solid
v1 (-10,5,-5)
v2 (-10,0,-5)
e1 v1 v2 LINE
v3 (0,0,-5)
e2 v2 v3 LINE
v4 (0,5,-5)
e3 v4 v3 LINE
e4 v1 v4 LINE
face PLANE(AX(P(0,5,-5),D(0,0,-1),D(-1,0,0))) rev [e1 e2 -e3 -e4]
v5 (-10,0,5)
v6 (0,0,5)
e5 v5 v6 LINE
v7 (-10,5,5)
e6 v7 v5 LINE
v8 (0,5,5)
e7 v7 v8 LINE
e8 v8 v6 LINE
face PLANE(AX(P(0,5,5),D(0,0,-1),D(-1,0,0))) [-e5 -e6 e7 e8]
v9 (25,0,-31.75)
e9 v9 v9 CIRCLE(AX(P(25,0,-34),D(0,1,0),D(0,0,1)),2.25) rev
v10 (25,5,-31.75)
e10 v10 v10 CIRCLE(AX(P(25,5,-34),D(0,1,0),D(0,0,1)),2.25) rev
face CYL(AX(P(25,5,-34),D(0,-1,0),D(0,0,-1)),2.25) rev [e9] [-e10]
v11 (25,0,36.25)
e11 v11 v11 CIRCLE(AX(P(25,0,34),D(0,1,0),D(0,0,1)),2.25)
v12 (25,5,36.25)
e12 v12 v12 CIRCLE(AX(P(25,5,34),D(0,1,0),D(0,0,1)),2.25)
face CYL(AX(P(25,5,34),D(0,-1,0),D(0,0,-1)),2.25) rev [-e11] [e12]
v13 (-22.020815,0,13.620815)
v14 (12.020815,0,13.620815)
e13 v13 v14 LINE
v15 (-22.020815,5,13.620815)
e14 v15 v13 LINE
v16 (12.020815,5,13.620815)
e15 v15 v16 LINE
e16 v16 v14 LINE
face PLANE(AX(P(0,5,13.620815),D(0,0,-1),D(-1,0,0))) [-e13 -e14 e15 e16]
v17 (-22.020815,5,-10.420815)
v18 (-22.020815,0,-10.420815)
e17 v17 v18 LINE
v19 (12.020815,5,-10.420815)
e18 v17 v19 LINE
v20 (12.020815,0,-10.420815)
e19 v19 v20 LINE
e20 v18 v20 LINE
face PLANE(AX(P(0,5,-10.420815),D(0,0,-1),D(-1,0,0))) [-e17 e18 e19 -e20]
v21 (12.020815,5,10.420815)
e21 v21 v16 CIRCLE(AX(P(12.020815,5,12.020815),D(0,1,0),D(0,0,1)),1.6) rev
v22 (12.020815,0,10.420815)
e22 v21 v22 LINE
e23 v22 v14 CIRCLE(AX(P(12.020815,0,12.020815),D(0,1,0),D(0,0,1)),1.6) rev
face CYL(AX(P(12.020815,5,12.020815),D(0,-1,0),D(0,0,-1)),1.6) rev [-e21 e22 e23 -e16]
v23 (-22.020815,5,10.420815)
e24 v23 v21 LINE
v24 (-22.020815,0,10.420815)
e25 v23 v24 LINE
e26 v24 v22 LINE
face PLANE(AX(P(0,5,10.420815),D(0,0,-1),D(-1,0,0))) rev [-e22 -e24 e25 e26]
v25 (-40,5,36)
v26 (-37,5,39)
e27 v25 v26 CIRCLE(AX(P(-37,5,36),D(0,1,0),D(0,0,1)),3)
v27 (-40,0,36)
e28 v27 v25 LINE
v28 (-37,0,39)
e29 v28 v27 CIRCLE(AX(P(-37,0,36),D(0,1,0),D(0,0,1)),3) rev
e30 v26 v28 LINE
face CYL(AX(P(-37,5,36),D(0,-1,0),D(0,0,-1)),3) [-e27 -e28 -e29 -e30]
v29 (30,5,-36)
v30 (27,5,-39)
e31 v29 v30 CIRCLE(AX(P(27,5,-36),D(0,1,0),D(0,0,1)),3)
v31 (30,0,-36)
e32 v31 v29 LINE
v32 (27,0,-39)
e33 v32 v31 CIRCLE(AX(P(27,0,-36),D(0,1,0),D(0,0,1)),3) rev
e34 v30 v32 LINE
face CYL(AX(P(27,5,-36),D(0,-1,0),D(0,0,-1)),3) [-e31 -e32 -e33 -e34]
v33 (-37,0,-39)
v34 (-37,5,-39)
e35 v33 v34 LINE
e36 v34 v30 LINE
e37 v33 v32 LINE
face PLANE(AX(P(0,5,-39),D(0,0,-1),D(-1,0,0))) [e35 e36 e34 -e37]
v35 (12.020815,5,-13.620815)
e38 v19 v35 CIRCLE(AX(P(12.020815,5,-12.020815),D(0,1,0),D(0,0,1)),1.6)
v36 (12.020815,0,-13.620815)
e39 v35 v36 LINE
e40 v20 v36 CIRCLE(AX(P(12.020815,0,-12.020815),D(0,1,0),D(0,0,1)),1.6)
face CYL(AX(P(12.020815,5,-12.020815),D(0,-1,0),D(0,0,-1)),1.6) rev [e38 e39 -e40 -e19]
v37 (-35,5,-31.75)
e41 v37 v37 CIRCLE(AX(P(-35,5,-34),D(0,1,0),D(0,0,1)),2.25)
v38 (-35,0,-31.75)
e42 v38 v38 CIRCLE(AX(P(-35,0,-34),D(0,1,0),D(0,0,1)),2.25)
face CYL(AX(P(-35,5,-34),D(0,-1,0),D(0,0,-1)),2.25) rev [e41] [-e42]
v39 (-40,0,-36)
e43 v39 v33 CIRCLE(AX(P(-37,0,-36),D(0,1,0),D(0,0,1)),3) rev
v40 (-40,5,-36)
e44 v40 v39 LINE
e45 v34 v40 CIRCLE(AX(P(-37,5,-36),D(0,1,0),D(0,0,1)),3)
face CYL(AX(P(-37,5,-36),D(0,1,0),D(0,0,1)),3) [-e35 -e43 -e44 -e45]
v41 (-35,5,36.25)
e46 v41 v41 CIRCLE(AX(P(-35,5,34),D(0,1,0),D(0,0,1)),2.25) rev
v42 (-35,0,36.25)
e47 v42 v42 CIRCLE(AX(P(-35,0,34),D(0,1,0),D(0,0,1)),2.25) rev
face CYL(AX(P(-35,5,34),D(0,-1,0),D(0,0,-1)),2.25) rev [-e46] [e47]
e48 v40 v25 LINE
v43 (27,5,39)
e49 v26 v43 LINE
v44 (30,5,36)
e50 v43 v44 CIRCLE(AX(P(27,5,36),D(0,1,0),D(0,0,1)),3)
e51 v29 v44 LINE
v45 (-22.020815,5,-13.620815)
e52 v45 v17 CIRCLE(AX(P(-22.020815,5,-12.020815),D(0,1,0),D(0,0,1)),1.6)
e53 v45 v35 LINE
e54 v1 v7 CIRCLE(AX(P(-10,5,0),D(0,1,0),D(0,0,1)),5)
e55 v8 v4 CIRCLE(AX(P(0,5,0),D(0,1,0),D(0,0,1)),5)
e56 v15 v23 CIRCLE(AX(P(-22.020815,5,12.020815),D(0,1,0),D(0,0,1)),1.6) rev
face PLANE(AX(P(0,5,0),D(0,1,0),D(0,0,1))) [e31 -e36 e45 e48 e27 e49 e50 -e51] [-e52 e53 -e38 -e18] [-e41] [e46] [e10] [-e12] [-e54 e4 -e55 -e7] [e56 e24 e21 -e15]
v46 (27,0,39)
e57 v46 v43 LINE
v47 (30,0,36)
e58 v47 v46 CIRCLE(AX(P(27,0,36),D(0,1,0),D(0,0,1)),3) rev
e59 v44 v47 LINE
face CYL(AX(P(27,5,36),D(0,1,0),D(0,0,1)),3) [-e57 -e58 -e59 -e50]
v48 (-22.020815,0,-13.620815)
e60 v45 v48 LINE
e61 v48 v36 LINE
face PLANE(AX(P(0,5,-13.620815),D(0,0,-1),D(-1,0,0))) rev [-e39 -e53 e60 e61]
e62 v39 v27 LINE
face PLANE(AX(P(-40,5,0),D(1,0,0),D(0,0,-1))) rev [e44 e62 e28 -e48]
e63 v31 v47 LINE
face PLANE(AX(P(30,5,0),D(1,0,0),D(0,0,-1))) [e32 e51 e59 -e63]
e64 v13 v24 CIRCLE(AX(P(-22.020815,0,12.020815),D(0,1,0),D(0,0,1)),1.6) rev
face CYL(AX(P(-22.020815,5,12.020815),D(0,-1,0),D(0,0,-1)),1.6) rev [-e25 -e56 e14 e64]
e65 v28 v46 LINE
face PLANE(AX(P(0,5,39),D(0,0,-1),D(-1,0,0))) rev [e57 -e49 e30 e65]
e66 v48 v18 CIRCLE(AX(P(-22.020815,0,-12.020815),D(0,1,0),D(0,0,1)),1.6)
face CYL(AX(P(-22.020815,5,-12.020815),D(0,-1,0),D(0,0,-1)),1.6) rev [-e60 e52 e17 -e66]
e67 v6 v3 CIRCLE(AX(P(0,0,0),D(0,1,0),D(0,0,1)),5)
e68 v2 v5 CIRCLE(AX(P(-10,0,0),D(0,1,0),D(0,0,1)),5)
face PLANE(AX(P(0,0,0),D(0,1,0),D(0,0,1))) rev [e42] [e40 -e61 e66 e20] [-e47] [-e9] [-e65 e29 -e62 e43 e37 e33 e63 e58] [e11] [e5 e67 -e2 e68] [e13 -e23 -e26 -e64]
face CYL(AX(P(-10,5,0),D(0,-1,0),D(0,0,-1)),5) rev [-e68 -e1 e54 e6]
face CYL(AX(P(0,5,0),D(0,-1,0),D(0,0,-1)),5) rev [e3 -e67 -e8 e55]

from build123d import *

# Parameters (mm, degrees)
SKETCH1_W           = 70
SKETCH1_H           = 78
SKETCH1_R           = 2.25
BOSS_EXTRUDE1_DEPTH = 5
FILLET1_R           = 3


with BuildPart() as part:
    # Sketch1 → Boss-Extrude1 (new body)
    with BuildSketch(Plane(origin=(0, 0, 0), x_dir=(1, 0, 0), z_dir=(0, 1, 0))):
        with Locations((-5, 0)):
            Rectangle(SKETCH1_W, SKETCH1_H)
        with Locations((-35, 34)):
            Circle(SKETCH1_R, mode=Mode.SUBTRACT)
        with Locations((25, 34)):
            Circle(SKETCH1_R, mode=Mode.SUBTRACT)
        with Locations((25, -34)):
            Circle(SKETCH1_R, mode=Mode.SUBTRACT)
        with Locations((-35, -34)):
            Circle(SKETCH1_R, mode=Mode.SUBTRACT)
        with BuildLine():
            Line((-22.02081528, 13.62081528), (12.02081528, 13.62081528))
            ThreePointArc((12.02081528, 13.62081528), (13.62081528, 12.02081528), (12.02081528, 10.42081528))
            Line((12.02081528, 10.42081528), (-22.02081528, 10.42081528))
            ThreePointArc((-22.02081528, 10.42081528), (-23.62081528, 12.02081528), (-22.02081528, 13.62081528))
        make_face(mode=Mode.SUBTRACT)
        with BuildLine():
            Line((-22.02081528, -13.62081528), (12.02081528, -13.62081528))
            ThreePointArc((12.02081528, -13.62081528), (13.62081528, -12.02081528), (12.02081528, -10.42081528))
            Line((12.02081528, -10.42081528), (-22.02081528, -10.42081528))
            ThreePointArc((-22.02081528, -10.42081528), (-23.62081528, -12.02081528), (-22.02081528, -13.62081528))
        make_face(mode=Mode.SUBTRACT)
        with BuildLine():
            Line((-10, 5), (0, 5))
            ThreePointArc((0, 5), (5, 0), (0, -5))
            Line((0, -5), (-10, -5))
            ThreePointArc((-10, -5), (-15, 0), (-10, 5))
        make_face(mode=Mode.SUBTRACT)
    extrude(amount=BOSS_EXTRUDE1_DEPTH)

    # Fillet1
    fillet1_edges = [part.edges().sort_by_distance(p)[0] for p in [
        (30, 2.5, -39),
        (30, 2.5, 39),
        (-40, 2.5, 39),
        (-40, 2.5, -39),
    ]]
    fillet(fillet1_edges, radius=FILLET1_R)


solid = part.part
